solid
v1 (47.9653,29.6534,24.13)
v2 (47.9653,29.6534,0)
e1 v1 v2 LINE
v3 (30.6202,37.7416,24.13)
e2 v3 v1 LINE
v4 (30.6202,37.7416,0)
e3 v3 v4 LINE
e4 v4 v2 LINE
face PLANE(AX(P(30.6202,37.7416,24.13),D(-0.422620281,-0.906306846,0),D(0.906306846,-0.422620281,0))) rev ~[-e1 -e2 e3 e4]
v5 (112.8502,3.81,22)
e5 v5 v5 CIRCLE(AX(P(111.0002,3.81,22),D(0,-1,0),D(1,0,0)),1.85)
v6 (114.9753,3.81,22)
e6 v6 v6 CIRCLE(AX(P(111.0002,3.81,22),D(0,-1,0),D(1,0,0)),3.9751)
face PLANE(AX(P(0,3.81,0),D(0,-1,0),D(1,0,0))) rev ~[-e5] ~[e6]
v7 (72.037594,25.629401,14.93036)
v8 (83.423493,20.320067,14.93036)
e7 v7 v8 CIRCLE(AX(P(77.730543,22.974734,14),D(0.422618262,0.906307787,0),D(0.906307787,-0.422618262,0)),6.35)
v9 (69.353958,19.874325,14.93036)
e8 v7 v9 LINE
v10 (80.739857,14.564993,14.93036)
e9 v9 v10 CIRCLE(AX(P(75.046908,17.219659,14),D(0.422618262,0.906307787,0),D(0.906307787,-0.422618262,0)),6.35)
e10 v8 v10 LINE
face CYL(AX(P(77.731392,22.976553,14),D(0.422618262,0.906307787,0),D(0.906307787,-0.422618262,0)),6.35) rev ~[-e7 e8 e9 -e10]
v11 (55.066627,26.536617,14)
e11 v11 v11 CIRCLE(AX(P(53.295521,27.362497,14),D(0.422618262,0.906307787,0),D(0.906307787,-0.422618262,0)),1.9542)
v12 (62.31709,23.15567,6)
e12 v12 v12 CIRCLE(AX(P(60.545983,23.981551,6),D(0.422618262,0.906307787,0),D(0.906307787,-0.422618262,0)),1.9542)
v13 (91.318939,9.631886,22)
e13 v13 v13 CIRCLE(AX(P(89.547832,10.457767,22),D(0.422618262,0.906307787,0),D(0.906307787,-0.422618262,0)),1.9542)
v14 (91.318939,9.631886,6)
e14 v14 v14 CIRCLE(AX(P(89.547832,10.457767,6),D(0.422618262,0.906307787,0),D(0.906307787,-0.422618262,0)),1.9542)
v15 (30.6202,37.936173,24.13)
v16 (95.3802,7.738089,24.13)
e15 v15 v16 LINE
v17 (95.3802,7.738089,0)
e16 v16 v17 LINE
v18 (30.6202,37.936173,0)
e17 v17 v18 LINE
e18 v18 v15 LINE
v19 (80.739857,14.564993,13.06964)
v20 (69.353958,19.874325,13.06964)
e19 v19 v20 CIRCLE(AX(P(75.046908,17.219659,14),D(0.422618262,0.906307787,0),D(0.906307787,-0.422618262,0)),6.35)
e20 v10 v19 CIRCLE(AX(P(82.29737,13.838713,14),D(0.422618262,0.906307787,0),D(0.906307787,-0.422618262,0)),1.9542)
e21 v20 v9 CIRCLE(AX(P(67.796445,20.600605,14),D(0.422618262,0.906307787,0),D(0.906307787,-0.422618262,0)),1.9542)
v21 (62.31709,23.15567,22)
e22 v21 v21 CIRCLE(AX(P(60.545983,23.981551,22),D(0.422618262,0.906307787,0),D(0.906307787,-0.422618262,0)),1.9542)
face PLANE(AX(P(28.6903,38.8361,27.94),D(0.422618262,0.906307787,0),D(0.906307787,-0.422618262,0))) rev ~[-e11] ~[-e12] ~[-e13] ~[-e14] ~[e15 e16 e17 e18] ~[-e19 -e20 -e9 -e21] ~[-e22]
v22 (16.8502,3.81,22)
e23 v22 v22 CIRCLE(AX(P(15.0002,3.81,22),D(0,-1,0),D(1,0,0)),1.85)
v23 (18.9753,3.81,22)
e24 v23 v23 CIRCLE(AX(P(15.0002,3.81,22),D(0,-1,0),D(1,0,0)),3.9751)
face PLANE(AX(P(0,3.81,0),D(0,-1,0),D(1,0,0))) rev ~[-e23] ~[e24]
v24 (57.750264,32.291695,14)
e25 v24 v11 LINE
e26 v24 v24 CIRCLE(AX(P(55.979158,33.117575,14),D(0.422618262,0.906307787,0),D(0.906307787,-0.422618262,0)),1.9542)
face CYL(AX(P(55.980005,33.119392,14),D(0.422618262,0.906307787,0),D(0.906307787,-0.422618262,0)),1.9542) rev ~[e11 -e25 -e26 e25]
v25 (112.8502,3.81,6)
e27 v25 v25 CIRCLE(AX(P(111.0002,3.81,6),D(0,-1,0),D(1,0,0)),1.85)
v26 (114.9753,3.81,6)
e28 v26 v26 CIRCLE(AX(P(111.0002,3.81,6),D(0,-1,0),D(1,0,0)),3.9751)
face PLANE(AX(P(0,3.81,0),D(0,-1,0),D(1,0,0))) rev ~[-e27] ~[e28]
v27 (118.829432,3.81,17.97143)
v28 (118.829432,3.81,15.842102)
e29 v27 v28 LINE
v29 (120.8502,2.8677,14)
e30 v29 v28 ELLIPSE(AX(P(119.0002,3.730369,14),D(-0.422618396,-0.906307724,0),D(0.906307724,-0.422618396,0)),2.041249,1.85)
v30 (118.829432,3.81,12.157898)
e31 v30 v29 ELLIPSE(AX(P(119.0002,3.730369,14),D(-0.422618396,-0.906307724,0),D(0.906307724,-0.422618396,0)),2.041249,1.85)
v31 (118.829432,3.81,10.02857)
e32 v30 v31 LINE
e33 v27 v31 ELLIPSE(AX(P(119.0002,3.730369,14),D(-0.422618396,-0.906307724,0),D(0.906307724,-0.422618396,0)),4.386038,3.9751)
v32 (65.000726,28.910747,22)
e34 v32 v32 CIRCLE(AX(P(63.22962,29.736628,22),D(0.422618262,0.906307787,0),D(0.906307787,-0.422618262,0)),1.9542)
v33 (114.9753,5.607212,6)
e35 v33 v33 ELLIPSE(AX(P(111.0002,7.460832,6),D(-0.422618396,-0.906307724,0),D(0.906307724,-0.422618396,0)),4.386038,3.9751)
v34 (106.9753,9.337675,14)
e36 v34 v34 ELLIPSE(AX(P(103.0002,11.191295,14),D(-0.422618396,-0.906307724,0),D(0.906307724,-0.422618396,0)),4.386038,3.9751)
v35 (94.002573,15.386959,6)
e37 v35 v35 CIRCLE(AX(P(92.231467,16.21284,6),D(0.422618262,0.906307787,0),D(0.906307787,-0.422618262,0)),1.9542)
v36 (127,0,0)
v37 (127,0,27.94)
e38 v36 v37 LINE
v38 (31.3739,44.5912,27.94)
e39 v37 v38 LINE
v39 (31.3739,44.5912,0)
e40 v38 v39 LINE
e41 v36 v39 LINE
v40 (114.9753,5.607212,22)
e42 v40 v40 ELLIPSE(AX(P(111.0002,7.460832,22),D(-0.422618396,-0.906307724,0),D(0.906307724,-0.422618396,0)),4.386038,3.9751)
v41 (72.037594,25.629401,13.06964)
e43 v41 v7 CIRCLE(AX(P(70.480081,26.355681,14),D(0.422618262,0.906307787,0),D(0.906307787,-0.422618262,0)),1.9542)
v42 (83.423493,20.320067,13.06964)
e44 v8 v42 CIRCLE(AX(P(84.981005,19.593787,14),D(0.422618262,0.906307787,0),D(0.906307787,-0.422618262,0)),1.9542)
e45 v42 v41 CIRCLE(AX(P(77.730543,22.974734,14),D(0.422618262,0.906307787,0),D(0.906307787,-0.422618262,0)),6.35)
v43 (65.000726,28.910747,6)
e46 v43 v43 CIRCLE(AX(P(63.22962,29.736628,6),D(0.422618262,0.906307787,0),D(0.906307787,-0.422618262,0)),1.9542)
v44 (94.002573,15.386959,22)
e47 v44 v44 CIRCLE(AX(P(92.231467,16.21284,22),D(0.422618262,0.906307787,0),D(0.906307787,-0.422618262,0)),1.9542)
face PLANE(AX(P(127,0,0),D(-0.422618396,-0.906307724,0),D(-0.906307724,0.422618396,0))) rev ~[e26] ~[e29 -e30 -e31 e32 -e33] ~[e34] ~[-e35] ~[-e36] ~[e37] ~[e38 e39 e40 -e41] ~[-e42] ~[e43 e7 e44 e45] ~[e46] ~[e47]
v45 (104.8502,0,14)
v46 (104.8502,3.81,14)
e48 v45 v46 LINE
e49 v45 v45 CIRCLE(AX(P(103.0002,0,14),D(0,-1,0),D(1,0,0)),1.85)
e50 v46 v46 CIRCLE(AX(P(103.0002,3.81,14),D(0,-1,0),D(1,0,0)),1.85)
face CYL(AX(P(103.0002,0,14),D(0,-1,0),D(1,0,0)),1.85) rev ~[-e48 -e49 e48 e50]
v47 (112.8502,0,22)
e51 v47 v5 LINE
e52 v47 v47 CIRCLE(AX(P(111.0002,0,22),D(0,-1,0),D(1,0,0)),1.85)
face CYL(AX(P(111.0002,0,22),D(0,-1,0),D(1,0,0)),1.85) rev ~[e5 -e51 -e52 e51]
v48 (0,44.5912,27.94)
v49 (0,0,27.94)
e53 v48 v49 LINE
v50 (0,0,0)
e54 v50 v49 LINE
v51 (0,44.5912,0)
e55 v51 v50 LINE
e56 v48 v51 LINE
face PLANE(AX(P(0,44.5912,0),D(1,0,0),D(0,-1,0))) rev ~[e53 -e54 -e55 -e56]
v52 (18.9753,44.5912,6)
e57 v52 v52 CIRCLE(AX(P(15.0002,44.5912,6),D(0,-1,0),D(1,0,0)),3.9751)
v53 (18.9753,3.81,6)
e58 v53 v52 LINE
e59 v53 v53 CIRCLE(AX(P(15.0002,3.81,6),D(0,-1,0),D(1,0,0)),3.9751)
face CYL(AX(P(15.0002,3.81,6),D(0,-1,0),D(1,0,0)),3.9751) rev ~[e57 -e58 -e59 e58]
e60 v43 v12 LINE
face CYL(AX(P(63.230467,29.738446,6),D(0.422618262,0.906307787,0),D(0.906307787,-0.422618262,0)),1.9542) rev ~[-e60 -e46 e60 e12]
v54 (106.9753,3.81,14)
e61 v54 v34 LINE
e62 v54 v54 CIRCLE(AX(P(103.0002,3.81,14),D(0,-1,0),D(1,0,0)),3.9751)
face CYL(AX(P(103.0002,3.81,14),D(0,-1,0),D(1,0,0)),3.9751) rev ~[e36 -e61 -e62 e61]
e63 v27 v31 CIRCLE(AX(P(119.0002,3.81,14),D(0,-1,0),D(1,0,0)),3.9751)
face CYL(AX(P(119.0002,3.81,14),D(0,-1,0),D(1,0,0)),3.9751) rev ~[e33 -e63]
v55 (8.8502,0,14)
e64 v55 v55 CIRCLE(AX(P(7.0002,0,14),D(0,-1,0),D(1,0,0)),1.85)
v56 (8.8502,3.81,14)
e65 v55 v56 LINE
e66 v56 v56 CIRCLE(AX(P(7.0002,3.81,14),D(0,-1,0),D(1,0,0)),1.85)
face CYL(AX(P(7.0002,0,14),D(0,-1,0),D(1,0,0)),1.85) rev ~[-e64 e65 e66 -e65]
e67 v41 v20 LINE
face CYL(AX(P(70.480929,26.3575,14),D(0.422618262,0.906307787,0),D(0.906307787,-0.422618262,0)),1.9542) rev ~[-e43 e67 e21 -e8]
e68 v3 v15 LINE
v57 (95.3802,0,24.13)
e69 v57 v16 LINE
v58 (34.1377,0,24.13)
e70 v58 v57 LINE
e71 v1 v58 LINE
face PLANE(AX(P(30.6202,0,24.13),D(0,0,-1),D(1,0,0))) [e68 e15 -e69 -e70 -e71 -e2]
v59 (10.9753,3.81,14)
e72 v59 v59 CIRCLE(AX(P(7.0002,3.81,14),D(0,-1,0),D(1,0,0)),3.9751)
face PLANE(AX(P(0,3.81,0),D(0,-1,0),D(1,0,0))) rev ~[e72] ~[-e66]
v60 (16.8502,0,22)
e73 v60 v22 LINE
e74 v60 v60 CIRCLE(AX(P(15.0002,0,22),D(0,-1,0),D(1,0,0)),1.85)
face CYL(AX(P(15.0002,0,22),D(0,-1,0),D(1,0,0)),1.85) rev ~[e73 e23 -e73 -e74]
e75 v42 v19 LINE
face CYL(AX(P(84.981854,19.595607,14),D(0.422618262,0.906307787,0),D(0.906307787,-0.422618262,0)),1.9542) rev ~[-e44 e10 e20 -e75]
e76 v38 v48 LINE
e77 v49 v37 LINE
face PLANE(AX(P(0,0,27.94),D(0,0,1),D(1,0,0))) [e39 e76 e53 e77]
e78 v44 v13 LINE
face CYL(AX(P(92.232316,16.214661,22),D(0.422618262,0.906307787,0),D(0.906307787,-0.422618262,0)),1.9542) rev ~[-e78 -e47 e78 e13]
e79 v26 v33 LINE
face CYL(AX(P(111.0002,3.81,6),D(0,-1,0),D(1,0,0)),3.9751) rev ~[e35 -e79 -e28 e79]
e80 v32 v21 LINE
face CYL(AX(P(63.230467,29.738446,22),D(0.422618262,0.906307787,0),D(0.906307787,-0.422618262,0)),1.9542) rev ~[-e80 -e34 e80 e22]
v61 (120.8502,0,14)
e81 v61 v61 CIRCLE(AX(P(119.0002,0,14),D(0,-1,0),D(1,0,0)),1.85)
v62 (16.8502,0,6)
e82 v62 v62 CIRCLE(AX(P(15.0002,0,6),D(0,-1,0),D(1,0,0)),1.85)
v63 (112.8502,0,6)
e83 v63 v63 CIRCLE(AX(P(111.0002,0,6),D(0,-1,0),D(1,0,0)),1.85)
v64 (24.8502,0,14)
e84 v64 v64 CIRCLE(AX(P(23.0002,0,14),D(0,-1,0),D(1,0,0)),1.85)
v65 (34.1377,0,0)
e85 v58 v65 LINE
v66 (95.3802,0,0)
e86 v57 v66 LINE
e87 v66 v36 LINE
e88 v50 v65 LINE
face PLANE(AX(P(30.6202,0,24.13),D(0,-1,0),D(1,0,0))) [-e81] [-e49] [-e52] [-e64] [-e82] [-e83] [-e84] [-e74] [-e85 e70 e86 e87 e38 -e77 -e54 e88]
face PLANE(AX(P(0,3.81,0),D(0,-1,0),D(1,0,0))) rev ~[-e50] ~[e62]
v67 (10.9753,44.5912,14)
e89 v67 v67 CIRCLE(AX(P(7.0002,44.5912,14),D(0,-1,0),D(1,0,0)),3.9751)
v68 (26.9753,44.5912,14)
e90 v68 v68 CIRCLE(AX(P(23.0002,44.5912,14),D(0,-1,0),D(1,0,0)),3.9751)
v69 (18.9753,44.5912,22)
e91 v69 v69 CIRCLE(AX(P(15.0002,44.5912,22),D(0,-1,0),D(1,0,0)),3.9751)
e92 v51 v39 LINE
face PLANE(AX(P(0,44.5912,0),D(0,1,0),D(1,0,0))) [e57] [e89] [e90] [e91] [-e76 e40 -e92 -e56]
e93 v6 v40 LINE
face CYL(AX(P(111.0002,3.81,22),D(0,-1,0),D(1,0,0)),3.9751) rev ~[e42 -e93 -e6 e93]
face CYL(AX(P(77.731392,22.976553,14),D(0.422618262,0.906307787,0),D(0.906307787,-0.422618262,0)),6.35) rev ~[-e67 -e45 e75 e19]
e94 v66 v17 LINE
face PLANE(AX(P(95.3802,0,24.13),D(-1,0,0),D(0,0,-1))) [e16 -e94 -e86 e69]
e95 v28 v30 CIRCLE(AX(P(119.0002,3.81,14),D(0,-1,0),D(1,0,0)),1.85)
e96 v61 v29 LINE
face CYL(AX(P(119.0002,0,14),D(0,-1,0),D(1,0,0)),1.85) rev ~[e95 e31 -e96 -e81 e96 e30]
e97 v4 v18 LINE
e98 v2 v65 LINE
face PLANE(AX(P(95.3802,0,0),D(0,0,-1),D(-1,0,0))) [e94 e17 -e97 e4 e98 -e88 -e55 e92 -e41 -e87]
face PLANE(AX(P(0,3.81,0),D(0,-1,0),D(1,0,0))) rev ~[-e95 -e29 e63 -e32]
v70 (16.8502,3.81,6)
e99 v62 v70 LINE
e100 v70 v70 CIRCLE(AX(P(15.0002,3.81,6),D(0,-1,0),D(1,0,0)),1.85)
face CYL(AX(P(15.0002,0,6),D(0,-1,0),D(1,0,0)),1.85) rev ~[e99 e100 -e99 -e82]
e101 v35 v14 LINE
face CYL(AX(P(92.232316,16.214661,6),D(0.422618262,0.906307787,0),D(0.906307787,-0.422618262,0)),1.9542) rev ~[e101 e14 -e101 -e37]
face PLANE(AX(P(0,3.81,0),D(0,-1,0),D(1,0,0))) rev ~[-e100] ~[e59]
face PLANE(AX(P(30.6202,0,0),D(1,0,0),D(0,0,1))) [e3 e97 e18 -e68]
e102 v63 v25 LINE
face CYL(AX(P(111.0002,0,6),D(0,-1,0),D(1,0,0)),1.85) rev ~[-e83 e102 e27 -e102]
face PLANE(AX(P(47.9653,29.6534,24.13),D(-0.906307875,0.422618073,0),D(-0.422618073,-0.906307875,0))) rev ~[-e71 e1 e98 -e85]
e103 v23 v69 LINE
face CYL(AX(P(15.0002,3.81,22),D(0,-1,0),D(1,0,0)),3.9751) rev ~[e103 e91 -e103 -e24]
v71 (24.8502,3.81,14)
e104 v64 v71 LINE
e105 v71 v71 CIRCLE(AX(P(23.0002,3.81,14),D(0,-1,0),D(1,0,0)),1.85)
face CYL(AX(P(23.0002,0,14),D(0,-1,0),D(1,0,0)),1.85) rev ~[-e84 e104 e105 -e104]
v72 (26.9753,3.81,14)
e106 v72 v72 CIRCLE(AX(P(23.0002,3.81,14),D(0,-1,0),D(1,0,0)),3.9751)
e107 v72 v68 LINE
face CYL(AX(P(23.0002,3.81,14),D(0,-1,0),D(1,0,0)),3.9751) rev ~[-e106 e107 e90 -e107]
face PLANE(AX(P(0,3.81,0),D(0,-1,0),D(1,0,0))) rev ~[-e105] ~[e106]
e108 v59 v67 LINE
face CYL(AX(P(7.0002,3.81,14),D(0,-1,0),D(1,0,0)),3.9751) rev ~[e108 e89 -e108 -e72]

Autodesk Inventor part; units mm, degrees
ref_plane "YZ Plane" through (0, 0, 0) normal (1, 0, 0) x (0, 1, 0)
sketch "Sketch17" plane through (0, 0, 0) normal (0, 0, 1) x (1, 0, 0)
  line L0 (0, 0) -> (127, 0)
  line L1 (127, 0) -> (31.3739, 44.5912)
  line L2 (0, 44.5912) -> (0, 0)
  line L3 (0, 44.5912) -> (31.3739, 44.5912)
  dimension "d78" = 127
  dimension "d79" = 25
extrude "Extrusion20" add sketch "Sketch17" along normal blind 25.4
sketch "Sketch18" plane through (0, 0, 0) normal (0, -1, 0) x (1, 0, 0)
  line L0 (127.0002, 25.3999) -> (0.1269, 25.3999)
  line L1 (0.1269, 25.3999) -> (0.1269, -0.0001)
  line L2 (127.0002, -0.0001) -> (0.1269, -0.0001)
  line L3 (127.0002, 25.3999) -> (127.0002, -0.0001)
  circle A0 centre (111.0002, 22) radius 1.85 projected
  circle A1 centre (111.0002, 6) radius 1.85 projected
  circle A2 centre (119.0002, 14) radius 1.85 projected
  circle A3 centre (103.0002, 14) radius 1.85 projected
  circle A4 centre (7.0002, 14) radius 1.85 projected
  circle A5 centre (15.0002, 22) radius 1.85 projected
  circle A6 centre (15.0002, 6) radius 1.85 projected
  circle A7 centre (23.0002, 14) radius 1.85 projected
  point P0 (0, 0)
  point P1 (50.8002, 25.3999)
sketch "Sketch19" plane through (0, 0, 25.4) normal (0, 0, 1) x (1, 0, 0)
  line L0 (0, 0) -> (127, 0) projected
  line L1 (127, 0) -> (31.3739, 44.5912) projected
  line L2 (31.3739, 44.5912) -> (0, 44.5912) projected
  line L3 (0, 44.5912) -> (0, 0) projected
extrude "Extrusion21" add sketch "Sketch19" along normal blind 2.54
extrude "Extrusion22" cut sketch "Sketch18" against normal up to next contours A0 | A1 | A2 | A3 | A4 | A5 | A6 | A7
ref_plane "Work Plane11" through (0, 3.81, 0) normal (0, -1, 0) x (1, 0, 0)
sketch "Sketch20" plane through (0, 3.81, 0) normal (0, -1, 0) x (1, 0, 0)
  circle A0 centre (15.0002, 22) radius 1.85 projected
  circle A1 centre (15.0002, 22) radius 3.9751
  circle A2 centre (7.0002, 14) radius 1.85 projected
  circle A3 centre (7.0002, 14) radius 3.9751
  circle A4 centre (15.0002, 6) radius 1.85 projected
  circle A5 centre (15.0002, 6) radius 3.9751
  circle A6 centre (23.0002, 14) radius 1.85 projected
  circle A7 centre (23.0002, 14) radius 3.9751
  circle A8 centre (103.0002, 14) radius 1.85 projected
  circle A9 centre (103.0002, 14) radius 3.9751
  circle A10 centre (111.0002, 22) radius 1.85 projected
  circle A11 centre (111.0002, 22) radius 3.9751
  circle A12 centre (111.0002, 6) radius 1.85 projected
  circle A13 centre (111.0002, 6) radius 3.9751
  circle A14 centre (119.0002, 14) radius 1.85 projected
  circle A15 centre (119.0002, 14) radius 3.9751
  point P0 (0, 0)
  dimension "d100" = 7.9502
  dimension "d101" = 7.9502
  dimension "d102" = 7.9502
  dimension "d103" = 7.9502
  dimension "d104" = 7.9502
  dimension "d105" = 7.9502
  dimension "d106" = 7.9502
  dimension "d107" = 7.9502
extrude "Extrusion23" cut sketch "Sketch20" against normal up to next
ref_plane "Work Plane12" through (28.6903, 38.8361, 27.94) normal (0.4226, 0.9063, 0) x (0.9063, -0.4226, 0)
sketch "Sketch21" plane through (0, 0, 0) normal (0, -1, 0) x (1, 0, 0)
  line L0 (30.6202, 24.13) -> (95.3802, 24.13)
  line L1 (95.3802, 24.13) -> (95.3802, 0)
  line L2 (95.3802, 0) -> (30.6202, 0)
  line L3 (30.6202, 0) -> (30.6202, 24.13)
  line L4 (0, 27.94) -> (127, 27.94) construction
  line L5 (0, 0) -> (127, 0) construction
  circle A0 centre (23.0002, 14) radius 1.85 construction
  circle A1 centre (103.0002, 14) radius 1.85 construction
  dimension "d112" = 3.81
  dimension "d113" = 0
  dimension "d114" = 7.62
  dimension "d115" = 7.62
extrude "Extrusion24" cut sketch "Sketch21" against normal up to surface surface through (28.6903, 38.8361, 27.94) normal (0.4226, 0.9063, 0)
sketch "Sketch23" plane through (0, 0, 27.94) normal (0, 0, 1) x (1, 0, 0)
  line L0 (0, 0) -> (127, 0) construction
  line L1 (127, 0) -> (50.8, 0) construction
  line L2 (50.8, 0) -> (50.8, 35.5326) construction
  line L3 (127, 0) -> (31.3739, 44.5912) construction
  dimension "d119" = 76.2
sketch "Sketch24" plane through (31.3739, 44.5912, 27.94) normal (0.4226, 0.9063, 0) x (0.9063, -0.4226, 0)
  circle A0 centre (35.1489, 5.94) radius 1.85 projected
  circle A1 centre (27.1489, 13.94) radius 1.85 projected
  circle A2 centre (35.1489, 21.94) radius 1.85 projected
  circle A3 centre (43.1489, 13.94) radius 1.85 projected
  circle A4 centre (51.1489, 13.94) radius 4 projected
  circle A5 centre (59.1489, 13.94) radius 1.85 projected
  circle A6 centre (67.1489, 5.94) radius 1.85 projected
  circle A7 centre (75.1489, 13.94) radius 1.85 projected
  circle A8 centre (67.1489, 21.94) radius 1.85 projected
  circle A9 centre (51.1489, 13.94) radius 6.35
  circle A10 centre (67.1489, 5.94) radius 1.9542
  circle A11 centre (75.1489, 13.94) radius 3.9195
  circle A12 centre (67.1489, 21.94) radius 1.9542
  circle A13 centre (59.1489, 13.94) radius 1.9542
  circle A14 centre (43.1489, 13.94) radius 1.9542
  circle A15 centre (35.1489, 5.94) radius 1.9542
  circle A16 centre (27.1489, 13.94) radius 1.9542
  circle A17 centre (35.1489, 21.94) radius 1.9542
  point P0 (-9.5894, 27.94)
  dimension "d120" = 12.7
  dimension "d125" = 3.9084
  dimension "d126" = 3.9084
  dimension "d127" = 3.9084
  dimension "d128" = 3.9084
  dimension "d129" = 3.9084
  dimension "d130" = 3.9084
  dimension "d131" = 3.9084
extrude "Extrusion25" cut sketch "Sketch24" against normal up to surface (6.35 mm away) contours A0 | A1 | A2 | A3 A9 | A3 A9 A14 | A9 A3 | A3 A9 A14 | A9 A13 A14 | A13 A9 A5 | A9 A5 A13 | A9 A5 | A5 A9 | A4 | A6 | A8 | A10 | A12 | A15 | A16 | A17
sketch "Sketch27" plane through (95.3802, 0, 24.13) normal (0, 0, -1) x (-1, 0, 0)
  line L0 (64.76, 0) -> (0, 0) projected
  line L1 (64.76, 0) -> (64.76, 37.7416)
  line L2 (64.76, 37.7416) -> (47.4149, 29.6534)
  line L3 (43.8558, 28.1884) -> (40.3136, 26.5366) projected
  line L4 (47.4149, 29.6534) -> (61.2425, 0)
  line L5 (61.2425, 0) -> (64.76, 0)
  point P0 (95.3802, 0)
extrude "Extrusion27" add sketch "Sketch27" along normal up to surface (24.13 mm away)
properties part number "IntakeCchannelMount"
